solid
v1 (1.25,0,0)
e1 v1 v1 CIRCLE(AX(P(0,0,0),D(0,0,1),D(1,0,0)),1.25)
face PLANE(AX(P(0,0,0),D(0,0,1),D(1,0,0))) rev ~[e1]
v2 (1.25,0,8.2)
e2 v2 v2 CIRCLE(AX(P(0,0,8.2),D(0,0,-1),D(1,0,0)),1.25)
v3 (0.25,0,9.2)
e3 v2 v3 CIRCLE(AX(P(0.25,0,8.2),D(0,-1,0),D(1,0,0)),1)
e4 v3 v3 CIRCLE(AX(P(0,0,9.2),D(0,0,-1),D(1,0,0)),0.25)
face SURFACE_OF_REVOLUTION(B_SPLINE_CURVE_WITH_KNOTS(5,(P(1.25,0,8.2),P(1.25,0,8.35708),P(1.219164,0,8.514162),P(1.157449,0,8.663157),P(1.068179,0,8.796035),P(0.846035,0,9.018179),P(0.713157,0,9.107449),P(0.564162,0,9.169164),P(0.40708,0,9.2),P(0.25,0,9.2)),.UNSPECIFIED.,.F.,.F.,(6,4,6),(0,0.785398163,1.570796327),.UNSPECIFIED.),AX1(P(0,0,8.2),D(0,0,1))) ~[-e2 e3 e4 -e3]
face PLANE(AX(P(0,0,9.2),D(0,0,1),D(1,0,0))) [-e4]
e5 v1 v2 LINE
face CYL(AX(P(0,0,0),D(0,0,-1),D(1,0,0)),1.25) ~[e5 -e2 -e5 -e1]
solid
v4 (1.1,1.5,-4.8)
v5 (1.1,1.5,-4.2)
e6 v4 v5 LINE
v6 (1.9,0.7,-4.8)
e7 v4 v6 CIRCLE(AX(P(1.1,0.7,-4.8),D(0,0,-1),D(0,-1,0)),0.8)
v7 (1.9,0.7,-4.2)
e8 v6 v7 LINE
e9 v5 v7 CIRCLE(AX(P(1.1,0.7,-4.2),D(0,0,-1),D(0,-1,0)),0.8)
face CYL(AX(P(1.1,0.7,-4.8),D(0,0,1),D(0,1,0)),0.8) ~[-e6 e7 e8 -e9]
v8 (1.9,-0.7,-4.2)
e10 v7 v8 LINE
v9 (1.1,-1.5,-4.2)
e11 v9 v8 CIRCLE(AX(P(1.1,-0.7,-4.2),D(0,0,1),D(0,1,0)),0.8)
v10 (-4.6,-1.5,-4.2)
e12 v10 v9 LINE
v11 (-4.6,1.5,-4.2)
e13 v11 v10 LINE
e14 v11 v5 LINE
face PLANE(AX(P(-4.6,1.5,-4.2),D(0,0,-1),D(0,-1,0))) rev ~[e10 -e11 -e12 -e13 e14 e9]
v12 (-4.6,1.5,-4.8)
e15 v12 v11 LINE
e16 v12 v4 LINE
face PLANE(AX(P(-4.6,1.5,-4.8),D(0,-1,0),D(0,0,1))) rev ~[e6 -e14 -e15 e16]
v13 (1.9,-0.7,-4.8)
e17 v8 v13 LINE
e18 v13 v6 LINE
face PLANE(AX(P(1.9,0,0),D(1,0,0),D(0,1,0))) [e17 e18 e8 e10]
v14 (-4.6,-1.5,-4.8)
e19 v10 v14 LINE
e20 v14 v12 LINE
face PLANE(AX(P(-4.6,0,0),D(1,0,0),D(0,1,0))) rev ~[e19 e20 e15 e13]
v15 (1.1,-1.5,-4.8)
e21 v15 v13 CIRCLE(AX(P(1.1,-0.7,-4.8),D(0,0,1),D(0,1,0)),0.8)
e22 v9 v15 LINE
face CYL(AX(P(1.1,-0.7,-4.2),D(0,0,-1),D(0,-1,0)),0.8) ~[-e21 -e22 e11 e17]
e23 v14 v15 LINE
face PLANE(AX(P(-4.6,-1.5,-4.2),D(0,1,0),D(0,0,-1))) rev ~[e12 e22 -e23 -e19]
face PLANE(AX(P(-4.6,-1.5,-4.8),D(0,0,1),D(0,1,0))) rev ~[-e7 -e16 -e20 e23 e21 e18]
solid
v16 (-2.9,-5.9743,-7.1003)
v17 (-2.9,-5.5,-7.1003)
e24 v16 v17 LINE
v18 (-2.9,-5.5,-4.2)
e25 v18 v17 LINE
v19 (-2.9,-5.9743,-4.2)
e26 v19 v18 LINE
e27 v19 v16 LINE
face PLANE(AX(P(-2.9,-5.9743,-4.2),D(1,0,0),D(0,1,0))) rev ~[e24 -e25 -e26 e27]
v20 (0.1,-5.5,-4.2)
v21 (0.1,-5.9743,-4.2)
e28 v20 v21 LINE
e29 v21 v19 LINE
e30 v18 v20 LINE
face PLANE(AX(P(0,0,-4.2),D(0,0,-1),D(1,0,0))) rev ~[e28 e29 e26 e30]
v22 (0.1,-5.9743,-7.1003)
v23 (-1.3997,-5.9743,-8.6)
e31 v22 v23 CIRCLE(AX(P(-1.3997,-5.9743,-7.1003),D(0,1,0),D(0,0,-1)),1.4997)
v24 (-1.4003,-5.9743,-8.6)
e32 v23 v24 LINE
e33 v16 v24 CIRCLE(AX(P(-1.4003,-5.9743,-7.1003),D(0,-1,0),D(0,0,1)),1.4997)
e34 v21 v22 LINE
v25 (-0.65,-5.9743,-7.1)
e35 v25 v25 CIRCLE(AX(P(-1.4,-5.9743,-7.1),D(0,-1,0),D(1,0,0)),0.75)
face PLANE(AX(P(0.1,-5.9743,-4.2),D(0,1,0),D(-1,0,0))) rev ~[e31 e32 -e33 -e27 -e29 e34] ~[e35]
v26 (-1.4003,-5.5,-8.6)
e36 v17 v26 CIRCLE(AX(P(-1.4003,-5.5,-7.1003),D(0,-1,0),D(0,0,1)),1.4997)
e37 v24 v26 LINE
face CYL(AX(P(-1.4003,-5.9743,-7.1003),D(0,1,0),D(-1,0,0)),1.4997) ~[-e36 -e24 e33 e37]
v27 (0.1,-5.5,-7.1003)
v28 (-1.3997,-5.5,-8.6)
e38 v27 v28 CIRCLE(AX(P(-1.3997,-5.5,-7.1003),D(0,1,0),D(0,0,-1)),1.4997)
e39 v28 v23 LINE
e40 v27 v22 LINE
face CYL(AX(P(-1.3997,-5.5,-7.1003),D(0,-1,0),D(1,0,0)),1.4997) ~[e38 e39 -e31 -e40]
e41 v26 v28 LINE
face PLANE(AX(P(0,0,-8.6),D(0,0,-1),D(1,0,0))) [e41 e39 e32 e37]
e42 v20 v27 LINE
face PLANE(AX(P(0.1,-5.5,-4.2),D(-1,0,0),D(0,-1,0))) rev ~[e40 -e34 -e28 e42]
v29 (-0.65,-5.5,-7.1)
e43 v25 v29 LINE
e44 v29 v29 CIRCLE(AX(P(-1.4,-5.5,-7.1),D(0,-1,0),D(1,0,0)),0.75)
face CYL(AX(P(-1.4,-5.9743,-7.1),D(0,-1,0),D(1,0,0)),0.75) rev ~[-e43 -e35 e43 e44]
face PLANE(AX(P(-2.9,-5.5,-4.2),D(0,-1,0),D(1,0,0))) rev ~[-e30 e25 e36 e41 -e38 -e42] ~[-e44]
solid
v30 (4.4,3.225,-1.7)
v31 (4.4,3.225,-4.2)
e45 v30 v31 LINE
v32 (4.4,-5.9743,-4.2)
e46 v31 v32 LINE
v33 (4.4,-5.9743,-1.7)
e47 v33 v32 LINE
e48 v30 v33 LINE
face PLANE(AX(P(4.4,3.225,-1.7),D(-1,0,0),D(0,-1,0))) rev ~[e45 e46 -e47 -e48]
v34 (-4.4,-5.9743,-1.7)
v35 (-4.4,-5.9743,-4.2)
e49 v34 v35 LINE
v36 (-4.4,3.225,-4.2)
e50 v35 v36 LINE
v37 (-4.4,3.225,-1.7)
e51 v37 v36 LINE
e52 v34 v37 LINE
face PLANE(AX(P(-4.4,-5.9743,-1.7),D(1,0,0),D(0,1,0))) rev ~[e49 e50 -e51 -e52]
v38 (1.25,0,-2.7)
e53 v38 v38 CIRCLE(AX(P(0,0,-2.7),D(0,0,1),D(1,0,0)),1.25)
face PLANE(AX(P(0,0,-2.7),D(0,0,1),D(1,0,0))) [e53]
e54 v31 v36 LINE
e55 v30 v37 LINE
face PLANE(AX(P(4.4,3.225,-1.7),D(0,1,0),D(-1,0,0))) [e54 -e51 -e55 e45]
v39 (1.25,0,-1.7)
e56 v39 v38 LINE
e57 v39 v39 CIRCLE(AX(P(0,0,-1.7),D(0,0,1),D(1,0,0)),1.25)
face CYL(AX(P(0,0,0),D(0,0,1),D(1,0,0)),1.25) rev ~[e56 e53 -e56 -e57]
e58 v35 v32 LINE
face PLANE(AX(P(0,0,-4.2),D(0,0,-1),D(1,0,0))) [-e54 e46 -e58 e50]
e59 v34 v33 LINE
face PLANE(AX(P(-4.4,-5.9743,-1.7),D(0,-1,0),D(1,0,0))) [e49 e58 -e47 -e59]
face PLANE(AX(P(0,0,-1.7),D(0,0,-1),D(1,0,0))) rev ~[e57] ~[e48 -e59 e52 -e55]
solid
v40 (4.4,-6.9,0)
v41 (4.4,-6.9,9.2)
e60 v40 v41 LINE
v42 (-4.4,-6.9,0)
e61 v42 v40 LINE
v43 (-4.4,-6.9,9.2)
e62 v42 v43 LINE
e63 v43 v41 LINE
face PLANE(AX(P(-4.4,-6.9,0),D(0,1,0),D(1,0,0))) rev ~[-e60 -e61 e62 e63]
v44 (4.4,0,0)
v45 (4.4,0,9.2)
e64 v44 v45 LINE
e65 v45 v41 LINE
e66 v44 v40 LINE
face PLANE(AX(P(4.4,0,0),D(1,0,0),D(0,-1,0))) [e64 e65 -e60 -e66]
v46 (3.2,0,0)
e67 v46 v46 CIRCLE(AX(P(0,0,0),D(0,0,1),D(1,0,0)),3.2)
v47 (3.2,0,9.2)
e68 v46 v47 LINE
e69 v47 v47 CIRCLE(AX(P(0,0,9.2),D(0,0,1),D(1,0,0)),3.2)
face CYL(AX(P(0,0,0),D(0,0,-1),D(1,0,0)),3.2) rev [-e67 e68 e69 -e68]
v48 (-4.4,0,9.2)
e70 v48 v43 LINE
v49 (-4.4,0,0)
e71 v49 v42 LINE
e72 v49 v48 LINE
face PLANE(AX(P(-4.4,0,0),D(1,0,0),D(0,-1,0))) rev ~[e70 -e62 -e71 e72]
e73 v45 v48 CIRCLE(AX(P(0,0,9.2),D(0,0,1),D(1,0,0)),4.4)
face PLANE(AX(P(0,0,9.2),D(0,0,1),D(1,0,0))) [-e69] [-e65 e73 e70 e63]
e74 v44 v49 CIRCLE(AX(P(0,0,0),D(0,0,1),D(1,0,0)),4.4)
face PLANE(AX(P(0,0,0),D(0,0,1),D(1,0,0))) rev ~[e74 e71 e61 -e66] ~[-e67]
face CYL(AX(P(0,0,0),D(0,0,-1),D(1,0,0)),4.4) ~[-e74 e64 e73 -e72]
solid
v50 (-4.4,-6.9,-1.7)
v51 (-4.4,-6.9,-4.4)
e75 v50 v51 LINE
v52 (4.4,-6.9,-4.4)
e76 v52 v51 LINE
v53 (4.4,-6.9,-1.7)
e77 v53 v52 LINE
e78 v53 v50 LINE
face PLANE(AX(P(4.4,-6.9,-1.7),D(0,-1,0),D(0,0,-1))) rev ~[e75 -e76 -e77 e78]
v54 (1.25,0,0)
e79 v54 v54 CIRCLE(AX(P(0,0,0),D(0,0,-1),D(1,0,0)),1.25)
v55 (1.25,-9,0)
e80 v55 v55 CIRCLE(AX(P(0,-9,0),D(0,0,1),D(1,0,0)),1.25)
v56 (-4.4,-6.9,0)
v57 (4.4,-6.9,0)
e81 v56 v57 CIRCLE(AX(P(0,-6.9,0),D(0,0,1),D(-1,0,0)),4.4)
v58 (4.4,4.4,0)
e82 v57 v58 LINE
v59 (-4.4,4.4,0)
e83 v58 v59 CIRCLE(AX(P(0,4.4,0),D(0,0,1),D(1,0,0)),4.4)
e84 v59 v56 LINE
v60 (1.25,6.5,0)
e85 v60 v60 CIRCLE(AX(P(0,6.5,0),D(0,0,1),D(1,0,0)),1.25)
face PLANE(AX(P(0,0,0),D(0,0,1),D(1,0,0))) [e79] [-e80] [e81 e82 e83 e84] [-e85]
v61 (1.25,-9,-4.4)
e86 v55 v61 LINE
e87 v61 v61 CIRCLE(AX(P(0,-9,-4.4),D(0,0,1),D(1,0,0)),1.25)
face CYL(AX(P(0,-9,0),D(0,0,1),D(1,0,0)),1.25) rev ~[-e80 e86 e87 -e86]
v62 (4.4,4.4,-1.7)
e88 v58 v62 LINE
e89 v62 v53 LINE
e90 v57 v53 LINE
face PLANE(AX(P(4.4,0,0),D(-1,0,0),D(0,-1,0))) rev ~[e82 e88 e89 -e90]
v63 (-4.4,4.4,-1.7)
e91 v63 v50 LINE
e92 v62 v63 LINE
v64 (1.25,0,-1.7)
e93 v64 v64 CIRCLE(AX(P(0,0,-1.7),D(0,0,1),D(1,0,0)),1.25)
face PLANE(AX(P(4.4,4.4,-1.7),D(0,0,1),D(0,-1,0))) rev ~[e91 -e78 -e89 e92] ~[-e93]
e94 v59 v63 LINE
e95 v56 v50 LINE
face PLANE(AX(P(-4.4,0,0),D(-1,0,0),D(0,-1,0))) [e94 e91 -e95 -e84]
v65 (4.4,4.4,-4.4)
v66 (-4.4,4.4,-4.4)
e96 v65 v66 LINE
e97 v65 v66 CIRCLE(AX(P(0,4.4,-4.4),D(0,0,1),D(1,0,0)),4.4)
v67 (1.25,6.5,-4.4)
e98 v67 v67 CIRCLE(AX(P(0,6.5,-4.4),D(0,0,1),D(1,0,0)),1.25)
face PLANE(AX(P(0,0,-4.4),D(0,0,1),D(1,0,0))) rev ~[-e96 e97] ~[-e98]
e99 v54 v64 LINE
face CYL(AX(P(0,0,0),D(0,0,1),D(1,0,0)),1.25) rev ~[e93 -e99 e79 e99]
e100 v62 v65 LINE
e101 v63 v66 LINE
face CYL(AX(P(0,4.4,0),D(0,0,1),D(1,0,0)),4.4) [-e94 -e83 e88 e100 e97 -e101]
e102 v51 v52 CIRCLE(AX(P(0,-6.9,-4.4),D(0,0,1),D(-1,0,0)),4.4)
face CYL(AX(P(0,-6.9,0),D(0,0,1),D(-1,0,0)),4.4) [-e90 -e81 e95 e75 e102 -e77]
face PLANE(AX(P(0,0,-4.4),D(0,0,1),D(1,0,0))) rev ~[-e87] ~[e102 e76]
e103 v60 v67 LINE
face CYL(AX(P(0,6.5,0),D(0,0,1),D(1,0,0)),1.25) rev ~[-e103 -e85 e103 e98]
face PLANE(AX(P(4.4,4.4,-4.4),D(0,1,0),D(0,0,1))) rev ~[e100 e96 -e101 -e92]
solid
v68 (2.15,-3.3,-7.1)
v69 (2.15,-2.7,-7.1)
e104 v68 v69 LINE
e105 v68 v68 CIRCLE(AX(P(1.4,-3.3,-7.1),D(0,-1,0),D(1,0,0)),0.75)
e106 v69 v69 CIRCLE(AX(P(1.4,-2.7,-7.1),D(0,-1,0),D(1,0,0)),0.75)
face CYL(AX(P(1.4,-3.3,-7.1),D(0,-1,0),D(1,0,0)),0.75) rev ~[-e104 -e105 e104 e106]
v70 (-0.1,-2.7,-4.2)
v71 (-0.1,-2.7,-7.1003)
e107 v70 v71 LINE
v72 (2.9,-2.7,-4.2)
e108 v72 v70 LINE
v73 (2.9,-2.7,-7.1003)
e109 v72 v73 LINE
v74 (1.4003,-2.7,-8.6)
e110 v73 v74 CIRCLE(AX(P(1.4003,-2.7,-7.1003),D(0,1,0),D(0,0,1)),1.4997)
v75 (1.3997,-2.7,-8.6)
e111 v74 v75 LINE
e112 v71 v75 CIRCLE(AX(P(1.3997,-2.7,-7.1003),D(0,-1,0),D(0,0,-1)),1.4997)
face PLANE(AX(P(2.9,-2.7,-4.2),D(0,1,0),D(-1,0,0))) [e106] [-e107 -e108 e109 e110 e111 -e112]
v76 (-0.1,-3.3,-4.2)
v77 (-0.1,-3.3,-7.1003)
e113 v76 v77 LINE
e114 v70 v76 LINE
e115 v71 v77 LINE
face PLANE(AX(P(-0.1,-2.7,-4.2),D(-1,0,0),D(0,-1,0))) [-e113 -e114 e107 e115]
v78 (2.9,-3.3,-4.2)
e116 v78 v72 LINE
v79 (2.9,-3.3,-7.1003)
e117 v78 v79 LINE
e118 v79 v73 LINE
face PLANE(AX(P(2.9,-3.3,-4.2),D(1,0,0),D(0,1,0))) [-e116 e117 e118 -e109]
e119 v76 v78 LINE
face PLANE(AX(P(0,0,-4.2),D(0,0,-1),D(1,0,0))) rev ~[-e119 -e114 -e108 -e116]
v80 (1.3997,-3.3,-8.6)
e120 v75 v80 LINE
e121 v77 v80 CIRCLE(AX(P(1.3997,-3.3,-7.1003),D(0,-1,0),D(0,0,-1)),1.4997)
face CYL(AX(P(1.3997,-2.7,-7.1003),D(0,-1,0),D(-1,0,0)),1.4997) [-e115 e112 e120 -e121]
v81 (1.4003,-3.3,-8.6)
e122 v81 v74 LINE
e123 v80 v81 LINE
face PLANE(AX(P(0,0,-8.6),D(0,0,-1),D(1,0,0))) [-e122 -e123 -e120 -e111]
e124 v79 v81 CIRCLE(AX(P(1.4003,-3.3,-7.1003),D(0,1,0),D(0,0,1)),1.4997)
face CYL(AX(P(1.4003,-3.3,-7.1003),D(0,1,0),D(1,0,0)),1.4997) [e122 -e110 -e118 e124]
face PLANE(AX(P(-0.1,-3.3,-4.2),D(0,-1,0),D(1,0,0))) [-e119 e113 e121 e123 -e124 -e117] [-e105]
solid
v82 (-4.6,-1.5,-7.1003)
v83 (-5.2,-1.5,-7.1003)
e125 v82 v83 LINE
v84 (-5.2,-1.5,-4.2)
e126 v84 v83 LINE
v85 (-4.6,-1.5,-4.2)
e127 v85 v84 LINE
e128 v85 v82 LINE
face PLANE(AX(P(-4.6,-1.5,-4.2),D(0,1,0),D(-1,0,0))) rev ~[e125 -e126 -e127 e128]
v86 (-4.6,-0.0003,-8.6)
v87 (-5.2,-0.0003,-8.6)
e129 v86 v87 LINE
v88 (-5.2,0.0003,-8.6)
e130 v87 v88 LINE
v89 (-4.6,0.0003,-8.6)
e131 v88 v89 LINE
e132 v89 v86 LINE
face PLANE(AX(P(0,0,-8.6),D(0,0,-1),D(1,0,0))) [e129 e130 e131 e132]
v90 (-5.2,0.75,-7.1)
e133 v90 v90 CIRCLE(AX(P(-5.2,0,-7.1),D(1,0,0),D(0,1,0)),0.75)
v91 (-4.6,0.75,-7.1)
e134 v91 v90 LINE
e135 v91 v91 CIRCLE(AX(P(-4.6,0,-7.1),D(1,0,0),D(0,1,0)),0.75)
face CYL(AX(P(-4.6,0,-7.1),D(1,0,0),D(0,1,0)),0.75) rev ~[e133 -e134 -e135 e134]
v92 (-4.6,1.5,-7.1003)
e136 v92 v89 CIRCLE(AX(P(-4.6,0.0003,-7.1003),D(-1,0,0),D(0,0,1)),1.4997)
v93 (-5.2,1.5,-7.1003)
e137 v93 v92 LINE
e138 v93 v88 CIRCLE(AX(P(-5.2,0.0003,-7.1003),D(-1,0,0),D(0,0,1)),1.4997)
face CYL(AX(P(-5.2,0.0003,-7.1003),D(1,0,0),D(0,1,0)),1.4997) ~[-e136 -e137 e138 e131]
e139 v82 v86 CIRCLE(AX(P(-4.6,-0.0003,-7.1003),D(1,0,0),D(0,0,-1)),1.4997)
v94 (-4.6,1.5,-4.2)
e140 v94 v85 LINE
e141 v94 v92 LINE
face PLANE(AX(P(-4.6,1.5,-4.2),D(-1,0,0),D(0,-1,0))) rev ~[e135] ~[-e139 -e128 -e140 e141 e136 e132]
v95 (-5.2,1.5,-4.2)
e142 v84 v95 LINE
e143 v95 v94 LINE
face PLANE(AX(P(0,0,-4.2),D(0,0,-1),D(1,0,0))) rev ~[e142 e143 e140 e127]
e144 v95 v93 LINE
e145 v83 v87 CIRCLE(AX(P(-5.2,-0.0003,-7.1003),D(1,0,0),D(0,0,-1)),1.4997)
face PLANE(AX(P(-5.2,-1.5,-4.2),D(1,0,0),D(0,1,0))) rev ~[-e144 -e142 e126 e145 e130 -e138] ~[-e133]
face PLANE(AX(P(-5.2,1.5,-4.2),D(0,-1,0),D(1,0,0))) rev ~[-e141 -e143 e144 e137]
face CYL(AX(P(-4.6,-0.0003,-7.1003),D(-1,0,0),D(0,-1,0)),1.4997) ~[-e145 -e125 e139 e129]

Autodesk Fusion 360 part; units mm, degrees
sketch "Sketch11" plane through (0, 0, 0) normal (0, 0, 1) x (1, 0, 0)
  circle A0 centre (0, 0) radius 1.25
  circle A1 centre (0, 0) radius 3.2
  line L0 (-10, 0) -> (10, 0) construction
  line L1 (0, 12) -> (0, -25) construction
  line L2 (0, 0) -> (0, -9) construction
  circle A2 centre (0, -9) radius 1.25
  line L3 (0, 0) -> (0, 6.5) construction
  circle A3 centre (0, 6.5) radius 1.25
  line L4 (0, 6.5) -> (0, 9) construction
  line L5 (0, -9) -> (0, -11.5) construction
  line L6 (-4.4, 4.4) -> (-4.4, -6.9)
  line L7 (4.4, 4.4) -> (4.4, -6.9)
  line L8 (-4.4, 9) -> (4.4, 9) construction
  line L9 (-4.4, -11.5) -> (4.4, -11.5) construction
  line L10 (-8, 0) -> (-8, -6.9) construction
  line L11 (-4.4, -6.9) -> (4.4, -6.9)
  arc A4 (-4.4, -6.9) -> (4.4, -6.9) centre (0, -6.9) ccw
  line L12 (0, 6.5) -> (0, 4.4) construction
  line L13 (-4.4, 4.4) -> (4.4, 4.4) construction
  arc A5 (4.4, 4.4) -> (-4.4, 4.4) centre (0, 4.4) ccw
  arc A6 (-1.2373, 0.1776) -> (1.2373, 0.1776) centre (0, 4.4) ccw
  arc A7 (4.4, 0) -> (-4.4, 0) centre (0, 0) ccw
  dimension "d103" = 2.5
  dimension "d104" = 6.4
  dimension "d105" = 9
  dimension "d106" = 2.5
  dimension "d107" = 6.5
  dimension "d108" = 2.5
  dimension "d112" = 2.5
  dimension "d113" = 2.5
  dimension "d114" = 20.5
  dimension "d115" = 4.4
  dimension "d117" = 6.9
  dimension "d118" = 2.1
  dimension "d119" = 2.1
extrude "Extrude16" add sketch "Sketch11" along normal blind 9.2 contours L6 L7 L11 A7 makes body 1
extrude "Extrude17" add sketch "Sketch11" against normal blind 4.4 separate body contours A0 A6 | A0 A6 | A1 | L6 L7 A5 A7 | L6 L7 L11 A7 | L11 A4 makes body 2
extrude "Extrude18" add sketch "Sketch11" along normal blind 9.2 separate body contours A0 A6 | A0 A6 makes body 3
fillet "Fillet17" radius 1 1 edges at (-1.1654, -0.452, 9.2) on bodies 3
sketch "Sketch12" plane through (4.4, 0, 0) normal (1, 0, 0) x (0, 1, 0)
  line L0 (4.4, 0) -> (-6.9, 0)
  line L1 (-6.9, 0) -> (-6.9, -4.4)
  line L2 (-6.9, -4.4) -> (4.4, -4.4)
  line L3 (4.4, -4.4) -> (4.4, 0)
  line L4 (-6.9, -4.4) -> (4.4, -4.4) construction
  line L5 (4.4, -4.4) -> (4.4, -1.7) construction
  line L6 (4.4, -1.7) -> (-6.9, -1.7)
  line L7 (-6.9, -1.7) -> (-6.9, -4.4) construction
  dimension "d128" = 2.7
extrude "Extrude19" cut sketch "Sketch12" against normal blind 8.8 contours L1 L2 L3 L6 bodies 2
sketch "Sketch13" plane through (0, 0, -1.7) normal (0, 0, -1) x (1, 0, 0)
  line L0 (4.4, -4.4) -> (4.4, 6.9)
  line L1 (4.4, 6.9) -> (-4.4, 6.9)
  line L2 (-4.4, 6.9) -> (-4.4, -4.4)
  line L3 (-4.4, -4.4) -> (4.4, -4.4)
  line L4 (4.4, -3.225) -> (-4.4, -3.225)
  line L5 (-4.4, -3.225) -> (-4.4, 5.9743)
  line L6 (-4.4, 5.9743) -> (4.4, 5.9743)
  line L7 (4.4, 5.9743) -> (4.4, -3.225)
extrude "Extrude20" add sketch "Sketch13" along normal blind 2.5 separate body contours L0 L2 L4 L5 L6 L7 makes body 4
sketch "Sketch14" plane through (0, 0, -4.2) normal (0, 0, -1) x (1, 0, 0)
  line L0 (4.4, 5.9743) -> (-4.4, 5.9743)
  line L1 (-4.4, 5.9743) -> (-4.4, -3.225)
  line L2 (-4.4, -3.225) -> (4.4, -3.225)
  line L3 (4.4, -3.225) -> (4.4, 5.9743)
  line L4 (0, -5) -> (0, 12) construction
  line L5 (8, 0) -> (-9, 0) construction
  line L6 (-1.4, -4.5489) -> (-1.4, 6) construction
  line L7 (7.8832, 3) -> (-7, 3) construction
  line L8 (8, 5.8) -> (-11, 5.8) construction
  line L9 (-4.9, -5) -> (-4.9, 8) construction
  line L10 (-5.2, -1.5) -> (-4.6, -1.5)
  line L11 (-4.6, -1.5) -> (-4.6, 1.5)
  line L12 (-4.6, 1.5) -> (-5.2, 1.5)
  line L13 (-5.2, 1.5) -> (-5.2, -1.5)
  line L14 (-5.2, -1.5) -> (-4.6, 1.5) construction
  line L15 (-4.6, -1.5) -> (-5.2, 1.5) construction
  line L16 (1.4, -4.5489) -> (1.4, 6) construction
  line L17 (2.9, 2.7) -> (-0.1, 2.7)
  line L18 (-0.1, 2.7) -> (-0.1, 3.3)
  line L19 (-0.1, 3.3) -> (2.9, 3.3)
  line L20 (2.9, 3.3) -> (2.9, 2.7)
  line L21 (-2.9, 5.5) -> (0.1, 5.5)
  line L22 (0.1, 5.5) -> (0.1, 6.1)
  line L23 (0.1, 6.1) -> (-2.9, 6.1)
  line L24 (-2.9, 6.1) -> (-2.9, 5.5)
  line L25 (-2.9, 5.5) -> (0.1, 6.1) construction
  line L26 (0.1, 5.5) -> (-2.9, 6.1) construction
  point P0 (-4.9, 0)
  point P1 (-1.4, 5.8)
  dimension "d136" = 1.4
  dimension "d137" = 3
  dimension "d141" = 5.8
  dimension "d166" = 0.6
  dimension "d167" = 3
  dimension "d177" = 2.8
  dimension "d178" = 3
  dimension "d179" = 0.6
  dimension "d180" = 3
  dimension "d181" = 0.6
extrude "Extrude21" add sketch "Sketch14" along normal blind 4.4 separate body contours L0 L21 L22 L24 | L10 L11 L12 L13 | L17 L18 L19 L20 makes body 5 at (-1.9, -5.5, -5.6667) makes body 6 at (-5.2, -0.5, -5.6667) makes body 7 at (1.9, -2.7, -5.6667)
fillet "Fillet18" radius 1.5 6 edges at (-2.9, -5.7371, -8.6) (0.1, -5.7371, -8.6) (-4.9, -1.5, -8.6) (-4.9, 1.5, -8.6) (-0.1, -3, -8.6) (2.9, -3, -8.6) on bodies 5 6 7
sketch "Sketch19" plane through (-4.6, 0, 0) normal (1, 0, 0) x (0, 1, 0)
  arc A0 (-1.5, -7.1) -> (1.5, -7.1) centre (0, -7.1) ccw
  line L0 (1.5, -7.1) -> (1.5, -4.2)
  line L1 (1.5, -4.2) -> (-1.5, -4.2)
  line L2 (-1.5, -4.2) -> (-1.5, -7.1)
  circle A1 centre (0, -7.1) radius 0.75
  dimension "d168" = 1.5
extrude "Extrude23" cut sketch "Sketch19" against normal blind 0.6 contours A1 bodies 6
sketch "Sketch21" plane through (0, -3.3, 0) normal (0, -1, 0) x (1, 0, 0)
  arc A0 (-0.1, -7.1) -> (2.9, -7.1) centre (1.4, -7.1) ccw
  line L0 (2.9, -7.1) -> (2.9, -4.2)
  line L1 (2.9, -4.2) -> (-0.1, -4.2)
  line L2 (-0.1, -4.2) -> (-0.1, -7.1)
  circle A1 centre (1.4, -7.1) radius 0.75
  dimension "d182" = 1.5
extrude "Extrude29" cut sketch "Sketch21" against normal blind 0.6 contours A1 bodies 7
sketch "Sketch22" plane through (0, -5.9743, 0) normal (0, -1, 0) x (1, 0, 0)
  arc A0 (-2.9, -7.1) -> (0.1, -7.1) centre (-1.4, -7.1) ccw
  line L0 (0.1, -7.1) -> (0.1, -4.2)
  line L1 (0.1, -4.2) -> (-2.9, -4.2)
  line L2 (-2.9, -4.2) -> (-2.9, -7.1)
  circle A1 centre (-1.4, -7.1) radius 0.75
  dimension "d185" = 1.5
extrude "Extrude30" cut sketch "Sketch22" against normal blind 0.6 contours A1 bodies 5
sketch "Sketch20" plane through (-4.6, 0, 0) normal (1, 0, 0) x (0, 1, 0)
  arc A0 (-1.5, -7.1) -> (1.5, -7.1) centre (0, -7.1) ccw
  line L0 (1.5, -7.1) -> (1.5, -4.2)
  line L1 (1.5, -4.2) -> (-1.5, -4.2)
  line L2 (-1.5, -4.2) -> (-1.5, -7.1)
  line L3 (1.5, -4.2) -> (-1.5, -4.2)
  line L4 (-1.5, -4.2) -> (-1.5, -4.8)
  line L5 (-1.5, -4.8) -> (1.5, -4.8)
  line L6 (1.5, -4.8) -> (1.5, -4.2)
  circle A1 centre (0, -7.1) radius 0.75
  dimension "d171" = 3
  dimension "d172" = 0.6
extrude "Extrude28" add sketch "Sketch20" along normal blind 6.5 separate body contours L0 L1 L2 L3 L4 L5 L6 makes body 8
extrude "Extrude26" cut sketch "Sketch11" against normal blind 2.7 contours A0 A6 | A0 A6 bodies 2 4
fillet "Fillet20" radius 0.8 2 edges at (1.9, -1.5, -4.5) (1.9, 1.5, -4.5) on bodies 8
